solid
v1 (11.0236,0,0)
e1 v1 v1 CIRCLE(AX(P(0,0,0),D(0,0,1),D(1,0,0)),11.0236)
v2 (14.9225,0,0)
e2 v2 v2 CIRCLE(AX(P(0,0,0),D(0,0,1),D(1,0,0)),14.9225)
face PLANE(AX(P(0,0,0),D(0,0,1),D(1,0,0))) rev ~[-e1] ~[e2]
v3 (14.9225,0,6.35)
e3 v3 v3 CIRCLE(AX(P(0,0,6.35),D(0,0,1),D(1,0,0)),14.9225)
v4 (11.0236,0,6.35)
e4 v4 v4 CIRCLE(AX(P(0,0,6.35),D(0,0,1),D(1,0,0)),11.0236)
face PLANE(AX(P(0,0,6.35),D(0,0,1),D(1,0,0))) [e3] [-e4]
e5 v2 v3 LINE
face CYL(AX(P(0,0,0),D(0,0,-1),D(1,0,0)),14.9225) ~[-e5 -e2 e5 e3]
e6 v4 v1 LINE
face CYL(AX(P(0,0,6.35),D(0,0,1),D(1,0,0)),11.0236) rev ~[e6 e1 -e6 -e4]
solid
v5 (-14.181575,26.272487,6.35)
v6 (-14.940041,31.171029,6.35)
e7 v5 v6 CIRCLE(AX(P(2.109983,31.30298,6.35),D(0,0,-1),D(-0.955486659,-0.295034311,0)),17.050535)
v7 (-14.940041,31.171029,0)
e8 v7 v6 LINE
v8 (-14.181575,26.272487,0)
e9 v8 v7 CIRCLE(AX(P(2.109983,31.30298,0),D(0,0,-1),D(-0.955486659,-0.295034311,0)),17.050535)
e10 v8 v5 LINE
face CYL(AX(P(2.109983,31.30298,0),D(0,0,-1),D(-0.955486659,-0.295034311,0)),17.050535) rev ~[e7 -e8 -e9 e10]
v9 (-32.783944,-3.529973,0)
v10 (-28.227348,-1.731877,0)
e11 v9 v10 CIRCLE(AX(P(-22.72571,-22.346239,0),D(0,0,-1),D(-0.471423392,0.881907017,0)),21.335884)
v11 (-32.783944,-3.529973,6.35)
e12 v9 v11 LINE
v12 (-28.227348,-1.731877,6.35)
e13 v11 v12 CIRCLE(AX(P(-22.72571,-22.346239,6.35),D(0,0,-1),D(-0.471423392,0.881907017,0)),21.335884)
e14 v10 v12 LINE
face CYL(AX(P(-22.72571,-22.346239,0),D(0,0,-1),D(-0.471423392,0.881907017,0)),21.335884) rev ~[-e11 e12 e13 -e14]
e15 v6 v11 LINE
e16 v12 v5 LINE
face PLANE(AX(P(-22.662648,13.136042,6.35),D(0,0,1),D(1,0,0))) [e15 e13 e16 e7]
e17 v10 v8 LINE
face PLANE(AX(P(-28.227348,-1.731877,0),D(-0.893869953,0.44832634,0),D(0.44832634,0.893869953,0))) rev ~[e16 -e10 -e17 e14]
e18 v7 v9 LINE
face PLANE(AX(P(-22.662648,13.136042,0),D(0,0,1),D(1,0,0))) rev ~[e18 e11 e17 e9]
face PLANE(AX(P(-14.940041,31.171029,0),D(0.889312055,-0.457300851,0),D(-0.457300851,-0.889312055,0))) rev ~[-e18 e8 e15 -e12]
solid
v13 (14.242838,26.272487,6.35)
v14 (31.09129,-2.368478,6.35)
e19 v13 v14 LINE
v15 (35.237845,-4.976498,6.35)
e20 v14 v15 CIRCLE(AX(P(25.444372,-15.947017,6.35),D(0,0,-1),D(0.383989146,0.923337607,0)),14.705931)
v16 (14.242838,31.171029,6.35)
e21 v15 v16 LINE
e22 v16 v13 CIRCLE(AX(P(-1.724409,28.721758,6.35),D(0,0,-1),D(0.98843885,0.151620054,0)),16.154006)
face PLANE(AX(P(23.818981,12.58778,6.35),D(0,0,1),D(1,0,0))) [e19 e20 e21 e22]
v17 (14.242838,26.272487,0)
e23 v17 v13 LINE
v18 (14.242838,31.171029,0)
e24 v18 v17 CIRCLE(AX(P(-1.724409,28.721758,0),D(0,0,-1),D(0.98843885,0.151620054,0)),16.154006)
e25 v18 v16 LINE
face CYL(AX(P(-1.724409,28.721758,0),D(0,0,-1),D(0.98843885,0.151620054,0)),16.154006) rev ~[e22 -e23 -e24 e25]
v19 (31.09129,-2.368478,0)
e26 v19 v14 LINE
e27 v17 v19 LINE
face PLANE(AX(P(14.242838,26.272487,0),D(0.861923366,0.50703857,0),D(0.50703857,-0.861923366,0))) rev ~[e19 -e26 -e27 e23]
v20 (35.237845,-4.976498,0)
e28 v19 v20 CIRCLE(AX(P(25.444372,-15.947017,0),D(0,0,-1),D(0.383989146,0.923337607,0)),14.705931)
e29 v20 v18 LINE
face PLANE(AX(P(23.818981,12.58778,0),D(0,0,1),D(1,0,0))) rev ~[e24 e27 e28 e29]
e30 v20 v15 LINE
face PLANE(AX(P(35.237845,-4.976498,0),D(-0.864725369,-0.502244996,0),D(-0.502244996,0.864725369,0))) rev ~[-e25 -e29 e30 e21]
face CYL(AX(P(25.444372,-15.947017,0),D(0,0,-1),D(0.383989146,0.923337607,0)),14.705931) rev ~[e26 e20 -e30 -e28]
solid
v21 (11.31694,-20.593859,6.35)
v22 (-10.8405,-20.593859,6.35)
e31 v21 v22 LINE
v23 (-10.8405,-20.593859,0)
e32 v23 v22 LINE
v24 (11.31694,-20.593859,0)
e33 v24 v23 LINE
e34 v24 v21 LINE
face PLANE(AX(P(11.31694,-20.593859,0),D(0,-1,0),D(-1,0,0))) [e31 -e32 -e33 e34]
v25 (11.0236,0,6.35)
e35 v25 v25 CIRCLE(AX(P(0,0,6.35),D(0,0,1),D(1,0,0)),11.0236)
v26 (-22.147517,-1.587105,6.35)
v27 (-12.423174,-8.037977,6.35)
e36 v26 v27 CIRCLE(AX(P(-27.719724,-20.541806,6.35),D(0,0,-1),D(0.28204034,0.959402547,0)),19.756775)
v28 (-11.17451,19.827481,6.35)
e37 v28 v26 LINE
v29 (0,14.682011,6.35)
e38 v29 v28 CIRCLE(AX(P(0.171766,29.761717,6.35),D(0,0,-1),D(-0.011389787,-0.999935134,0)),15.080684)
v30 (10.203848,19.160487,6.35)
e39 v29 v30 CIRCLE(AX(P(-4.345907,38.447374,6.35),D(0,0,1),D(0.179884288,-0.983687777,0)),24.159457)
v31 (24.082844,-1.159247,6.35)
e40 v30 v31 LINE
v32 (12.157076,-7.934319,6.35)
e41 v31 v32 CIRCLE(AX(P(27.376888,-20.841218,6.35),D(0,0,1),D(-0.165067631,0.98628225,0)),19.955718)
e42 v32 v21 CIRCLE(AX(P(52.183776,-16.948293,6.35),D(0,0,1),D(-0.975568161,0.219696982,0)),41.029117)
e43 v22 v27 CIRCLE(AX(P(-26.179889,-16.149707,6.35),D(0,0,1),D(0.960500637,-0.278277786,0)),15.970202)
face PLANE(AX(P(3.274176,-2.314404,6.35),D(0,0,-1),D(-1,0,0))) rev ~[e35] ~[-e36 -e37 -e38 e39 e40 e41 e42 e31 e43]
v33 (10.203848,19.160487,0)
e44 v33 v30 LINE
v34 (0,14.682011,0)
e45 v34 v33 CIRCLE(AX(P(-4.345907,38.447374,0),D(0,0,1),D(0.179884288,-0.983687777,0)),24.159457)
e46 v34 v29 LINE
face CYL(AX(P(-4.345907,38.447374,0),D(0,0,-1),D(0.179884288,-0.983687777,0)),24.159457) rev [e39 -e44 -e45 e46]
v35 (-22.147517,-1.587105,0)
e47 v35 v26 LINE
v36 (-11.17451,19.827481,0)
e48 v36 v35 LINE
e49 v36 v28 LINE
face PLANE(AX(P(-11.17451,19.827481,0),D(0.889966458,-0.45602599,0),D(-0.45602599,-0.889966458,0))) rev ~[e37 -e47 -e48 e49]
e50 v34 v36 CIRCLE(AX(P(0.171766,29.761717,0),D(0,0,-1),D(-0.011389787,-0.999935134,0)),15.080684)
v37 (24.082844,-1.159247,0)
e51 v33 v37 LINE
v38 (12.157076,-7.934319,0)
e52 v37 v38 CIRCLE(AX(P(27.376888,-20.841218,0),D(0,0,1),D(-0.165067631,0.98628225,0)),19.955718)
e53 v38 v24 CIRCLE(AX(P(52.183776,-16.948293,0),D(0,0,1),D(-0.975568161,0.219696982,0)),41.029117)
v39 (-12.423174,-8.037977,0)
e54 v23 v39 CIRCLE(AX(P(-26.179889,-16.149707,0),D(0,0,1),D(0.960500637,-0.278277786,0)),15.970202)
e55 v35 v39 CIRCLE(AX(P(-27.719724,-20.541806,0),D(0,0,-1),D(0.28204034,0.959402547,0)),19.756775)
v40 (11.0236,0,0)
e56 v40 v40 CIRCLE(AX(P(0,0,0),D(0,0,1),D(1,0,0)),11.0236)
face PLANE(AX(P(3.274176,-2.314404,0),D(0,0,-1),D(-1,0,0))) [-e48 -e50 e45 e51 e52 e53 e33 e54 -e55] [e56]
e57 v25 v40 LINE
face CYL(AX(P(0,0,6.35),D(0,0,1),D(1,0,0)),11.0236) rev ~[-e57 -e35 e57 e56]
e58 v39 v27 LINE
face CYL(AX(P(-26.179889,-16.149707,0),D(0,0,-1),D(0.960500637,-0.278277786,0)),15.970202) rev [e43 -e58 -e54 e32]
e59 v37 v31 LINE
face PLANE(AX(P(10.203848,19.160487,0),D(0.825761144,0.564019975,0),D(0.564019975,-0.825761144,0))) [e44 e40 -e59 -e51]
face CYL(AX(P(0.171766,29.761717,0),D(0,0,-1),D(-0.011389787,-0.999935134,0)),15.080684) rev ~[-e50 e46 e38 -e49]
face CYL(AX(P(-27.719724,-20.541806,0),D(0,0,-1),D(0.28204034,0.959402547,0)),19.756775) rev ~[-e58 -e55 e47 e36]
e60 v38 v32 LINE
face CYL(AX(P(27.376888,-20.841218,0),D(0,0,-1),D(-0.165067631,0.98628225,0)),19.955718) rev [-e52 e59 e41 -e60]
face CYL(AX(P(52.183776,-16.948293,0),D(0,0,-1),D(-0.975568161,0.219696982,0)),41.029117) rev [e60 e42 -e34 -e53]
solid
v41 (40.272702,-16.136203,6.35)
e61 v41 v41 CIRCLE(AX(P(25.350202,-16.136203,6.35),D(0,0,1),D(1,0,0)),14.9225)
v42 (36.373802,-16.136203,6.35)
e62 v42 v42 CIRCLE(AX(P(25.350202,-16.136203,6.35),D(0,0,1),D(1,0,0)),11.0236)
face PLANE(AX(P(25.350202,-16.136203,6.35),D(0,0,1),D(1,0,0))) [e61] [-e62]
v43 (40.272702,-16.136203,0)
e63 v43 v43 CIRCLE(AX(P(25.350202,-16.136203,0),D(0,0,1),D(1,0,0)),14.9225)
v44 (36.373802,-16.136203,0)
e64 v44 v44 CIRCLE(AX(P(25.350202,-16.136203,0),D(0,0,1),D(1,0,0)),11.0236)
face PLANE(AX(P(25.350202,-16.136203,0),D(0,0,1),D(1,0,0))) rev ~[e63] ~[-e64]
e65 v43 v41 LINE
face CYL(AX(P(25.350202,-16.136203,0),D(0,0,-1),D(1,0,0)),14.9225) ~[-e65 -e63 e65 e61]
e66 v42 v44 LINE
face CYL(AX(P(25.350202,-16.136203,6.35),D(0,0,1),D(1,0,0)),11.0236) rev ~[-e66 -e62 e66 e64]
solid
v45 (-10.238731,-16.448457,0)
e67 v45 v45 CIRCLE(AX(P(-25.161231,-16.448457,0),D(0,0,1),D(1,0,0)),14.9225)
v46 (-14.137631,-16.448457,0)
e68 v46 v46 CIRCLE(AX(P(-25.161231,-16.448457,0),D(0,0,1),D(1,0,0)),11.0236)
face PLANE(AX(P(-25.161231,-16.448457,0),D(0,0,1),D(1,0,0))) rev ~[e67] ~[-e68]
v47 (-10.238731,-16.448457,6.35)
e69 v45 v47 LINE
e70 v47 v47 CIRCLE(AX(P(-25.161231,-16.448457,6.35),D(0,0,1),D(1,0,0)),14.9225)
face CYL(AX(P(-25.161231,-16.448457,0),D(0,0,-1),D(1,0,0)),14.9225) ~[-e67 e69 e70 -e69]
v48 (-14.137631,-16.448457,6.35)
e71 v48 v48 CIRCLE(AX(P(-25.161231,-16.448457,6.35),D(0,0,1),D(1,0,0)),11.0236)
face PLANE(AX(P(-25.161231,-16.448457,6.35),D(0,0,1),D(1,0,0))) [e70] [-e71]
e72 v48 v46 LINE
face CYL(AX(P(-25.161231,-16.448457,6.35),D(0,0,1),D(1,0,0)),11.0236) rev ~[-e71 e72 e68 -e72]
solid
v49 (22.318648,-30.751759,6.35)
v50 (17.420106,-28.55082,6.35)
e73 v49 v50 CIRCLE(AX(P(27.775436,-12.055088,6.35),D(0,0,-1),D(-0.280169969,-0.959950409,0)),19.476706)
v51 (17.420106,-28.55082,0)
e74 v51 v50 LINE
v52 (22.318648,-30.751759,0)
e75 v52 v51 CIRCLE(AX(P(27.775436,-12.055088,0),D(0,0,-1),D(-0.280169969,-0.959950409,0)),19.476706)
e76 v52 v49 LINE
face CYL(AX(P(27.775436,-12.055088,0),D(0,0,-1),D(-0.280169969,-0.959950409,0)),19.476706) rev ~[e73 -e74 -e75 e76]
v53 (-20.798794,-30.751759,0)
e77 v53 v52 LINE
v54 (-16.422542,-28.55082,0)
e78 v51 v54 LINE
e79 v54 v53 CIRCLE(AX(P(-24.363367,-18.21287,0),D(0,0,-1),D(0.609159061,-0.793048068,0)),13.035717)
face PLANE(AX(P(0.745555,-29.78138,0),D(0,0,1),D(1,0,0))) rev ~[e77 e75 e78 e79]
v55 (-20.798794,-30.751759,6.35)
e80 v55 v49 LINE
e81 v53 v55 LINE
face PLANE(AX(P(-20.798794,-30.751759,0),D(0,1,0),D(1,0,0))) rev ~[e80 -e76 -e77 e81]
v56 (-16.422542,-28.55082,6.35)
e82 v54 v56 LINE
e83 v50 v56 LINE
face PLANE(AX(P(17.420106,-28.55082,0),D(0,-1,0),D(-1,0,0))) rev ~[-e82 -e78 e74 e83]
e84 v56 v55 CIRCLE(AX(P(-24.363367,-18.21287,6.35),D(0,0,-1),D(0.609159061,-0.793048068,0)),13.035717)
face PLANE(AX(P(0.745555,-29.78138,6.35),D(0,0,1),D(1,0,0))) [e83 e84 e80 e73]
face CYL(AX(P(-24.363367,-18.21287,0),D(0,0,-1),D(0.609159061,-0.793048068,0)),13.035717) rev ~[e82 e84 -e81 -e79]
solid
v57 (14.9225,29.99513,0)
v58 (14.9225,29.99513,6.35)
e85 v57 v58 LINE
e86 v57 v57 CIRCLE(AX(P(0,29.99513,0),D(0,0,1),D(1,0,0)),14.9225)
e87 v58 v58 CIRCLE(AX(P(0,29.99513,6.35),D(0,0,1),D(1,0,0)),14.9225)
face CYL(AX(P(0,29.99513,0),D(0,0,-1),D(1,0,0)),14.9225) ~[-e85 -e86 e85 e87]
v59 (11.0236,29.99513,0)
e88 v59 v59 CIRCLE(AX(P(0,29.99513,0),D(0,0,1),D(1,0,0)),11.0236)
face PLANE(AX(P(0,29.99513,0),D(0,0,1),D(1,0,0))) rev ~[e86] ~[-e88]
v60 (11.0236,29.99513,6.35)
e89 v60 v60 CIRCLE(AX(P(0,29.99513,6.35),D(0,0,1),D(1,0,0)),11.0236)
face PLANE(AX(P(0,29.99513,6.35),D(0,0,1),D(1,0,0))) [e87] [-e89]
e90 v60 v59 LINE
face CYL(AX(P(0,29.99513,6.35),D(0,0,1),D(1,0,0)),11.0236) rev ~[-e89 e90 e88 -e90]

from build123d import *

# Parameters (mm, degrees)
F0_R      = 14.9225
F1_DEPTH  = 6.35
F2_R      = 11.0236
F3_DEPTH  = 25.4
F4_R      = 14.9225
F5_DEPTH  = 6.35
F6_R      = 11.0236
F7_DEPTH  = 25.4
F8_R      = 11.0236
F9_DEPTH  = 25.4
F10_R     = 11.0236
F11_DEPTH = 25.4
F13_DEPTH = 6.35
F15_DEPTH = 6.35
F16_R     = 11.0236
F17_DEPTH = 25.4


with BuildPart() as f1:
    # F0 (on Top) → F1 (new body)
    with BuildSketch(Plane.XY):
        Circle(F0_R)
    extrude(amount=F1_DEPTH)

    # F2 (on face) → F3 (cut)
    with BuildSketch(Plane.XY.offset(6.35)):
        Circle(F2_R)
    extrude(amount=-F3_DEPTH, mode=Mode.SUBTRACT)


with BuildPart() as f5:
    # F4 (on Top) → F5 (new body)
    with BuildSketch(Plane.XY):
        with Locations((0, 29.995130375)):
            Circle(F4_R)
    extrude(amount=F5_DEPTH)

    # F10 (on face) → F11 (cut)
    with BuildSketch(Plane.XY.offset(6.35)):
        with Locations((0, 29.995130375)):
            Circle(F10_R)
    extrude(amount=-F11_DEPTH, mode=Mode.SUBTRACT)


with BuildPart() as f5b:
    # F4 (on Top) → F5, piece 2 (new body)
    with BuildSketch(Plane.XY):
        with Locations((25.3502020365, -16.1362032066)):
            Circle(F4_R)
    extrude(amount=F5_DEPTH)

    # F8 (on face) → F9 (cut)
    with BuildSketch(Plane.XY.offset(6.35)):
        with Locations((25.3502020365, -16.1362032066)):
            Circle(F8_R)
    extrude(amount=-F9_DEPTH, mode=Mode.SUBTRACT)


with BuildPart() as f5c:
    # F4 (on Top) → F5, piece 3 (new body)
    with BuildSketch(Plane.XY):
        with Locations((-25.1612309388, -16.4484566616)):
            Circle(F4_R)
    extrude(amount=F5_DEPTH)

    # F6 (on face) → F7 (cut)
    with BuildSketch(Plane.XY.offset(6.35)):
        with Locations((-25.1612309388, -16.4484566616)):
            Circle(F6_R)
    extrude(amount=-F7_DEPTH, mode=Mode.SUBTRACT)


with BuildPart() as f13:
    # F12 (on Top) → F13 (new body)
    with BuildSketch(Plane.XY):
        with BuildLine():
            ThreePointArc((-14.1815754256, 26.2724870336), (-14.7397710347, 28.6940485386), (-14.9400411174, 31.1710294336))
            Line((-14.9400411174, 31.1710294336), (-32.7839441597, -3.5299733281))
            ThreePointArc((-32.7839441597, -3.5299733281), (-30.5574207478, -2.499721989), (-28.2273480603, -1.7318772152))
            Line((-28.2273480603, -1.7318772152), (-14.1815754256, 26.2724870336))
        make_face()
    extrude(amount=F13_DEPTH)


with BuildPart() as f13b:
    # F12 (on Top) → F13, piece 2 (new body)
    with BuildSketch(Plane.XY):
        with BuildLine():
            ThreePointArc((14.2428381354, 31.1710294336), (14.4295970247, 28.7217582336), (14.2428381354, 26.2724870336))
            Line((14.2428381354, 26.2724870336), (31.0912895948, -2.3684781045))
            ThreePointArc((31.0912895948, -2.3684781045), (33.2739220465, -3.4986218308), (35.2378445914, -4.9764978401))
            Line((35.2378445914, -4.9764978401), (14.2428381354, 31.1710294336))
        make_face()
    extrude(amount=F13_DEPTH)


with BuildPart() as f13c:
    # F12 (on Top) → F13, piece 3 (new body)
    with BuildSketch(Plane.XY):
        with BuildLine():
            ThreePointArc((-16.4225419218, -28.5508202595), (-18.5063560658, -29.8586993828), (-20.7987943693, -30.7517591864))
            Line((-20.7987943693, -30.7517591864), (22.3186481744, -30.7517591864))
            ThreePointArc((22.3186481744, -30.7517591864), (19.7931554786, -29.8209328805), (17.4201057744, -28.5508202595))
            Line((17.4201057744, -28.5508202595), (-16.4225419218, -28.5508202595))
        make_face()
    extrude(amount=F13_DEPTH)


with BuildPart() as f15:
    # F14 (on Top) → F15 (new body)
    with BuildSketch(Plane.XY):
        with BuildLine():
            ThreePointArc((0, 14.6820113793), (5.3636601677, 16.3249040631), (10.2038477654, 19.1604870336))
            Line((10.2038477654, 19.1604870336), (24.0828443311, -1.1592473627))
            ThreePointArc((24.0828443311, -1.1592473627), (17.5196006294, -3.4900052057), (12.157075972, -7.9343194733))
            ThreePointArc((12.157075972, -7.9343194733), (11.2447112538, -14.2314186522), (11.3169401884, -20.5938592553))
            Line((11.3169401884, -20.5938592553), (-10.8404997736, -20.5938592553))
            ThreePointArc((-10.8404997736, -20.5938592553), (-10.3350678261, -14.152459729), (-12.4231744558, -8.0379769206))
            ThreePointArc((-12.4231744558, -8.0379769206), (-13.0543857953, 7.0636248062), (0, 14.6820113793))
        make_face()
        with BuildLine():
            Line((24.0828443311, -1.1592473627), (10.2038477654, 19.1604870336))
            ThreePointArc((10.2038477654, 19.1604870336), (5.3636601677, 16.3249040631), (0, 14.6820113793))
            ThreePointArc((0, 14.6820113793), (12.7613253908, 6.9660800211), (12.157075972, -7.9343194733))
            ThreePointArc((12.157075972, -7.9343194733), (17.5196006294, -3.4900052057), (24.0828443311, -1.1592473627))
        make_face()
        with BuildLine():
            ThreePointArc((12.157075972, -7.9343194733), (12.7613253908, 6.9660800211), (0, 14.6820113793))
            ThreePointArc((0, 14.6820113793), (-6.1357920612, 16.0634784709), (-11.1745101995, 19.8274810037))
            Line((-11.1745101995, 19.8274810037), (-22.1475167638, -1.5871050276))
            ThreePointArc((-22.1475167638, -1.5871050276), (-16.7981998833, -4.0781950009), (-12.4231744558, -8.0379769206))
            ThreePointArc((-12.4231744558, -8.0379769206), (-0.1042111395, -14.8245162682), (12.157075972, -7.9343194733))
        make_face()
        with BuildLine():
            ThreePointArc((0, 14.6820113793), (-13.0543857953, 7.0636248062), (-12.4231744558, -8.0379769206))
            ThreePointArc((-12.4231744558, -8.0379769206), (-16.7981998833, -4.0781950009), (-22.1475167638, -1.5871050276))
            Line((-22.1475167638, -1.5871050276), (-11.1745101995, 19.8274810037))
            ThreePointArc((-11.1745101995, 19.8274810037), (-6.1357920612, 16.0634784709), (0, 14.6820113793))
        make_face(mode=Mode.SUBTRACT)
        with BuildLine():
            ThreePointArc((11.3169401884, -20.5938592553), (11.2447112538, -14.2314186522), (12.157075972, -7.9343194733))
            ThreePointArc((12.157075972, -7.9343194733), (-0.1042111395, -14.8245162682), (-12.4231744558, -8.0379769206))
            ThreePointArc((-12.4231744558, -8.0379769206), (-10.3350678261, -14.152459729), (-10.8404997736, -20.5938592553))
            Line((-10.8404997736, -20.5938592553), (11.3169401884, -20.5938592553))
        make_face()
    extrude(amount=F15_DEPTH)

    # F16 (on face) → F17 (cut)
    with BuildSketch(Plane.XY.offset(6.35)):
        Circle(F16_R)
    extrude(amount=-F17_DEPTH, mode=Mode.SUBTRACT)


solid = Compound([f1.part, f5.part, f5b.part, f5c.part, f13.part, f13b.part, f13c.part, f15.part])
